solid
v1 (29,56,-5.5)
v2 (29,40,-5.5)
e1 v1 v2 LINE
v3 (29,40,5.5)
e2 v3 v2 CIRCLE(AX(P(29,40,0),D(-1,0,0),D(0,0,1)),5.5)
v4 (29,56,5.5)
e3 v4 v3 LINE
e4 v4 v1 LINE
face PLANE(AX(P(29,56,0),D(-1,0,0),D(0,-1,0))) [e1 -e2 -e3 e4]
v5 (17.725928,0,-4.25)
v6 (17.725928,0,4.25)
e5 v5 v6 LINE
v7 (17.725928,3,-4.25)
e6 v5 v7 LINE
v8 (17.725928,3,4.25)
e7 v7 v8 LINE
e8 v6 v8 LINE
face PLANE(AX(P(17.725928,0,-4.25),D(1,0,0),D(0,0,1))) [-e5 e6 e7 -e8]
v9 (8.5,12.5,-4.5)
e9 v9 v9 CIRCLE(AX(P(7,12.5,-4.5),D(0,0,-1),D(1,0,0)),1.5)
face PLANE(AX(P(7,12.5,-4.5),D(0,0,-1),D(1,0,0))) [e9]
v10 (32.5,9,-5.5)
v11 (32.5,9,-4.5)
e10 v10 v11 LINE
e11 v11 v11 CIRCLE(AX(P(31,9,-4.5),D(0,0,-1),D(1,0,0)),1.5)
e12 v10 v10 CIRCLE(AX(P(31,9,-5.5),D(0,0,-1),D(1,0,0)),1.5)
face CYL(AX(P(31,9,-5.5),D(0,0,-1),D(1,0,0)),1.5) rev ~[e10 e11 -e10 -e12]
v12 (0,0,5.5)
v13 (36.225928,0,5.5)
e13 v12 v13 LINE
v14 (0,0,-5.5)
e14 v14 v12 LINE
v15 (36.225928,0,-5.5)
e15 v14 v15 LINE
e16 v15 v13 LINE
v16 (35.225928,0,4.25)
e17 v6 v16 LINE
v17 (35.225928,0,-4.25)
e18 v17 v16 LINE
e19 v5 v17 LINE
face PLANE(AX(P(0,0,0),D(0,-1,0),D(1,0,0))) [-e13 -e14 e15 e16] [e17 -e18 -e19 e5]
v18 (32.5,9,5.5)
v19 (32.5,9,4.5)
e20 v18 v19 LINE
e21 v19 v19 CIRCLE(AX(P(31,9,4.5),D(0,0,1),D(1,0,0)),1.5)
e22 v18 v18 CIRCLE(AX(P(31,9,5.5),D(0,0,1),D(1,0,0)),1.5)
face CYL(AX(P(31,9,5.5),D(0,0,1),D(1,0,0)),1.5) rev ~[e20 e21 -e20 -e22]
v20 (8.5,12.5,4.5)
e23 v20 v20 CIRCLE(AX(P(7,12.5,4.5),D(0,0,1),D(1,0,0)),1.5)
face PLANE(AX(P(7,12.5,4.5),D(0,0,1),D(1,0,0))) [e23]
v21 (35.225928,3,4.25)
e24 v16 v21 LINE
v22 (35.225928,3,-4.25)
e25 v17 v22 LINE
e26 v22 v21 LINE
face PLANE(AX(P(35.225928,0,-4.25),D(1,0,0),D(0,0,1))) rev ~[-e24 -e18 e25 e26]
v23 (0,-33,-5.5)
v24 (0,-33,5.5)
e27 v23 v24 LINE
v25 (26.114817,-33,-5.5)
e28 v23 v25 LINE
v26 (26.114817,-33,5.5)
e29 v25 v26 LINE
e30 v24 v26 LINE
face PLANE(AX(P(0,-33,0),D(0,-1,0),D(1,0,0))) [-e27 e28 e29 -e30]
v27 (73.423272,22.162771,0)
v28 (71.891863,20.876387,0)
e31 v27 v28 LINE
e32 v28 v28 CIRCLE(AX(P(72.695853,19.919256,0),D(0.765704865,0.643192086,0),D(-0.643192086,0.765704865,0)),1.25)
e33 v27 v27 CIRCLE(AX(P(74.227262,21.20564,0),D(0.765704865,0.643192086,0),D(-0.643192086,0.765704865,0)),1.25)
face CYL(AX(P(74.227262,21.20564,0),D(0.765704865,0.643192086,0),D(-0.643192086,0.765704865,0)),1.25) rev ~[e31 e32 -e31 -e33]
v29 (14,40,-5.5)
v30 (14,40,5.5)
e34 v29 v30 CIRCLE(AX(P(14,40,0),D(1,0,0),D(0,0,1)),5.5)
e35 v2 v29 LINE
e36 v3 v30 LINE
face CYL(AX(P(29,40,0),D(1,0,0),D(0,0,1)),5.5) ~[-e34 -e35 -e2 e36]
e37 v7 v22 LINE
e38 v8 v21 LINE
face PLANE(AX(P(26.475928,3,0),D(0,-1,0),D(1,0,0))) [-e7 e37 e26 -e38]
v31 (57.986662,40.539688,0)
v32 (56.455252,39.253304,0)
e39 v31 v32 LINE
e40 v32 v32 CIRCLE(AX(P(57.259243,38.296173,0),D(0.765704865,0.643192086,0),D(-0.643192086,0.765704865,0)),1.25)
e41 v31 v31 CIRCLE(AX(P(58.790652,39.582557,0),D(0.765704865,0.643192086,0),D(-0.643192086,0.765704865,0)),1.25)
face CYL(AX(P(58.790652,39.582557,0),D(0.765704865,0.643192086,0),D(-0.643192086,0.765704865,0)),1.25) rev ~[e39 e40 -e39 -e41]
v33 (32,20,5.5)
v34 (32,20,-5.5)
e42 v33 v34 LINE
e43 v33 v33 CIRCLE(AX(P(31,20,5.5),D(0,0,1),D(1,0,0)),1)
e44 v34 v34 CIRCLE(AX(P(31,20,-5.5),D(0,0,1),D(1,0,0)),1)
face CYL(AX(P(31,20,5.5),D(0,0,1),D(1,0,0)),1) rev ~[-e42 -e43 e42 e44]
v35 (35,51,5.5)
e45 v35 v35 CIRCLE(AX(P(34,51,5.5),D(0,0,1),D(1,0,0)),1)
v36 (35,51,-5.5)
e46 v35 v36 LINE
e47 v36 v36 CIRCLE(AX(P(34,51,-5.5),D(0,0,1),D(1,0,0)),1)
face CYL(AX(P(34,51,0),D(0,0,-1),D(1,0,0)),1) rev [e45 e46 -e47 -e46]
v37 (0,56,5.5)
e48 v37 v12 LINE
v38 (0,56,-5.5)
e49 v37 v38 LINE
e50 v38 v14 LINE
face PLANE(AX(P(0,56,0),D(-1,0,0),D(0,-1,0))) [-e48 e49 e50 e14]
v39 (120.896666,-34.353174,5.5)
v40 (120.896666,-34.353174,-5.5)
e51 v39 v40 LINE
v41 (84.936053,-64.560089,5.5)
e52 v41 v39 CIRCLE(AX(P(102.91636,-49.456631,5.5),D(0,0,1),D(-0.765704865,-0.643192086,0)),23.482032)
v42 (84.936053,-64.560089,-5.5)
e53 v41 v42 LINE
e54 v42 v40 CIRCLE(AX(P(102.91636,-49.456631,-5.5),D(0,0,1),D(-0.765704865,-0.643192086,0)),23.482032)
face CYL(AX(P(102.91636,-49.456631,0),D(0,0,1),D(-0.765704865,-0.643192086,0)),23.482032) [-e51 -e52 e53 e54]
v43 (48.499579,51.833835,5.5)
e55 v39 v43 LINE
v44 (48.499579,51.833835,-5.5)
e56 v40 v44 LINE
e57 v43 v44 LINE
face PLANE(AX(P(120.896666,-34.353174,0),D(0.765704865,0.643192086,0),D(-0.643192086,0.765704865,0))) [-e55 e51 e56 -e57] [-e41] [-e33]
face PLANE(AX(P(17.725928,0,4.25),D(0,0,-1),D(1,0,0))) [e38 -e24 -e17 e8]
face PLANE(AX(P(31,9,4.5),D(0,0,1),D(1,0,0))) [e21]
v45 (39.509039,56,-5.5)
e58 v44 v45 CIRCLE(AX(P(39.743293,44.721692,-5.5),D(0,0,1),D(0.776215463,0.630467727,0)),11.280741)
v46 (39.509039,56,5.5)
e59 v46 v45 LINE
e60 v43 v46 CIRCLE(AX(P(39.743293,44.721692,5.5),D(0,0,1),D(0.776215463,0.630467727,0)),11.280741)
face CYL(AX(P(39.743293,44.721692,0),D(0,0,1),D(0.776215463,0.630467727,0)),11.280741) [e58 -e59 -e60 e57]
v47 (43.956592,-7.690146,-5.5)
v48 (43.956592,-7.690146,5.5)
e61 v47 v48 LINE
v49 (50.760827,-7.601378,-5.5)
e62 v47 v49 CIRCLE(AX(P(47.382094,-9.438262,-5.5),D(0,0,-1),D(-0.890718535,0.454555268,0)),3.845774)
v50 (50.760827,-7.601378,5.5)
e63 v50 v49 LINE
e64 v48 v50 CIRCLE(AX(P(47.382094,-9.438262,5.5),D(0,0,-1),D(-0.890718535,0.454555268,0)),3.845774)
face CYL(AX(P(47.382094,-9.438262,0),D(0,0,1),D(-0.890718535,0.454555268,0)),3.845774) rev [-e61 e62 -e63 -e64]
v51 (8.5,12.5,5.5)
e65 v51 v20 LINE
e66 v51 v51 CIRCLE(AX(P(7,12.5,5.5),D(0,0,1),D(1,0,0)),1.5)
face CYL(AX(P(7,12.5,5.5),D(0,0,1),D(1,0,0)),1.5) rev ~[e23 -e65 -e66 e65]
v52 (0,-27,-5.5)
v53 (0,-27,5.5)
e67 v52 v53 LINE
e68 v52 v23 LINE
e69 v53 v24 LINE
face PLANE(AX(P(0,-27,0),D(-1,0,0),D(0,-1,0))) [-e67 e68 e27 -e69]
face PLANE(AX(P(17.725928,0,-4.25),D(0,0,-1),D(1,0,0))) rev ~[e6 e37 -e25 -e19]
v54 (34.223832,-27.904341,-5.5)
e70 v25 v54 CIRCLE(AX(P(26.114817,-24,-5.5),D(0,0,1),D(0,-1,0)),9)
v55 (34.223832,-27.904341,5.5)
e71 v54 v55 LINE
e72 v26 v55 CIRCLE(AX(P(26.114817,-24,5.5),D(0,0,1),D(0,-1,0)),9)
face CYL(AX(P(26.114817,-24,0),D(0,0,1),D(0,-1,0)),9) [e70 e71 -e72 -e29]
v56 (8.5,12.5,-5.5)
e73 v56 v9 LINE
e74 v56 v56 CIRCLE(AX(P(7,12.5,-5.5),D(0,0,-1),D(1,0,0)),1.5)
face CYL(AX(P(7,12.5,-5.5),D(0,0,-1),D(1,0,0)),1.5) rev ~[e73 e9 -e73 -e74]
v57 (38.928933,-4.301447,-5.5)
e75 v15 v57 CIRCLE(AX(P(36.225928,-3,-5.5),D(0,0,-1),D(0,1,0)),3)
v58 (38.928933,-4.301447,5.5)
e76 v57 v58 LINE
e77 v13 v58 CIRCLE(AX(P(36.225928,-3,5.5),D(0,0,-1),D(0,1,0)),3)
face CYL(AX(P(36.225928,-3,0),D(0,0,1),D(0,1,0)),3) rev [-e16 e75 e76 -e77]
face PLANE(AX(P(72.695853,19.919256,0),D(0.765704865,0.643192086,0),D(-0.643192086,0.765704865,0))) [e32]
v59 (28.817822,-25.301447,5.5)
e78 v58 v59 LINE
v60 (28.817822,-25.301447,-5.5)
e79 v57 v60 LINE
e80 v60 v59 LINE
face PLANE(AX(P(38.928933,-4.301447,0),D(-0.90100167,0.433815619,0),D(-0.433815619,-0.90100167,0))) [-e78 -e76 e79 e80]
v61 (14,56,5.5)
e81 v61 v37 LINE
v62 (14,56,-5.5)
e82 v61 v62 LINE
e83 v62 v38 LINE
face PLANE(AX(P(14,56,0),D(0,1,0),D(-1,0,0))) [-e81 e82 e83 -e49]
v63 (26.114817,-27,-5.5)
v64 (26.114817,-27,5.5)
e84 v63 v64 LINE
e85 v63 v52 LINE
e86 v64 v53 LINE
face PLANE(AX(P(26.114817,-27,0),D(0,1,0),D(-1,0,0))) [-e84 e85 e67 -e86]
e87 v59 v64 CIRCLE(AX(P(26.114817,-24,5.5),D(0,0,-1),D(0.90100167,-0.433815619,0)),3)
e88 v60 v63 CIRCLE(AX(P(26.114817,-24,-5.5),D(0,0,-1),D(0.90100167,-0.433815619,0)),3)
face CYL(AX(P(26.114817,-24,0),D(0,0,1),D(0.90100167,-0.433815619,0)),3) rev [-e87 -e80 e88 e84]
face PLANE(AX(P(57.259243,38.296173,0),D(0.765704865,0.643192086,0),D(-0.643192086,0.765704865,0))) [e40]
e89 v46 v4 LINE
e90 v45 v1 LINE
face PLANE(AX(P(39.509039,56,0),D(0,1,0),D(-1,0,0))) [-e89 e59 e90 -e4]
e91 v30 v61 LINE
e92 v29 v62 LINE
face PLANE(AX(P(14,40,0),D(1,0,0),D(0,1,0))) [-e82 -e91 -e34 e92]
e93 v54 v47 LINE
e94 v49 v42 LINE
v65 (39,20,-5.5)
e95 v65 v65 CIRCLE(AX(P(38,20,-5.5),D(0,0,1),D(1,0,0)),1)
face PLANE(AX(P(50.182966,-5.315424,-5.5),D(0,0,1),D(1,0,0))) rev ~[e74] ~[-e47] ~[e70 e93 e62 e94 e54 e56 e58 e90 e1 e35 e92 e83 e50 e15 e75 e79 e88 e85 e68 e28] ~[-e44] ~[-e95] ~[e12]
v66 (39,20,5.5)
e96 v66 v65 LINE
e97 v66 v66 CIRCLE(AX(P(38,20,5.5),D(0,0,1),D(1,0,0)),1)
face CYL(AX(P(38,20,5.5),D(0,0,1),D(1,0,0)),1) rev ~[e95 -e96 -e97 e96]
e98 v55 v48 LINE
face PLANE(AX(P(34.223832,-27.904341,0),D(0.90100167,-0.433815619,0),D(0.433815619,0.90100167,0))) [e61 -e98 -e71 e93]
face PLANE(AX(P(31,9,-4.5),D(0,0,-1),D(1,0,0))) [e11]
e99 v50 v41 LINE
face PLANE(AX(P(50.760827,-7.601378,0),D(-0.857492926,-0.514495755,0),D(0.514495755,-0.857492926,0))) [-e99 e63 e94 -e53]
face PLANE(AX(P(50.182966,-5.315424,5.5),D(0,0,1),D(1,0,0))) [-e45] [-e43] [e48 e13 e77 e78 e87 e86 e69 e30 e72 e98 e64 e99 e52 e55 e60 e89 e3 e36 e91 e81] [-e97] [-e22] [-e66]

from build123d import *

# Parameters (mm, degrees)
F0_R      = 1
F1_DEPTH  = 5.5
F3_DEPTH  = 25
F4_R      = 1
F5_DEPTH  = 11.001
F6_W      = 17.5
F6_H      = 8.5
F7_DEPTH  = 3
F8_R      = 1.25
F9_DEPTH  = 2
F10_R     = 1.5
F11_DEPTH = 1
F12_R     = 1.5
F13_DEPTH = 1


with BuildPart() as f1:
    # F0 (on Top) → F1 (new body, symmetric)
    with BuildSketch(Plane.XY):
        with BuildLine():
            Line((0, 56), (0, 0))
            Line((0, 0), (36.2259279858, 0))
            ThreePointArc((36.2259279858, 0), (38.7660402441, -1.4038077448), (38.9289329951, -4.3014468563))
            Line((38.9289329951, -4.3014468563), (28.817821884, -25.3014468563))
            ThreePointArc((28.817821884, -25.3014468563), (27.7110091299, -26.5401122582), (26.1148168747, -27))
            Line((26.1148168747, -27), (0, -27))
            Line((0, -27), (0, -33))
            Line((0, -33), (26.1148168747, -33))
            ThreePointArc((26.1148168747, -33), (30.9033936403, -31.6203367747), (34.2238319025, -27.904340569))
            Line((34.2238319025, -27.904340569), (43.9565924234, -7.690145641))
            ThreePointArc((43.9565924234, -7.690145641), (47.3319268627, -5.59281579), (50.7608266635, -7.6013777725))
            Line((50.7608266635, -7.6013777725), (84.9360533184, -64.560088864))
            ThreePointArc((84.9360533184, -64.560088864), (118.0198171676, -67.4369378944), (120.8966661979, -34.3531740452))
            Line((120.8966661979, -34.3531740452), (48.4995788875, 51.8338346577))
            ThreePointArc((48.4995788875, 51.8338346577), (44.4862343011, 54.9569066089), (39.5090393722, 56))
            Line((39.5090393722, 56), (29, 56))
            Line((29, 56), (29, 40))
            Line((29, 40), (14, 40))
            Line((14, 40), (14, 56))
            Line((14, 56), (0, 56))
        make_face()
        with Locations((34, 51)):
            Circle(F0_R, mode=Mode.SUBTRACT)
    extrude(amount=F1_DEPTH, both=True)

    # F2 (on face) → F3 (join)
    with BuildSketch(Plane(origin=(29, 0, 0), x_dir=(0, -1, 0), z_dir=(-1, 0, 0))):
        with BuildLine():
            ThreePointArc((-40, 5.5), (-45.5, 0), (-40, -5.5))
            Line((-40, -5.5), (-40, 5.5))
        make_face()
    extrude(amount=F3_DEPTH)

    # F4 (on face) → F5 (cut, through all)
    with BuildSketch(Plane.XY.offset(5.5)):
        with Locations((31, 20)):
            Circle(F4_R)
        with Locations((38, 20)):
            Circle(F4_R)
    extrude(amount=-F5_DEPTH, mode=Mode.SUBTRACT)

    # F6 (on face) → F7 (cut)
    with BuildSketch(Plane.XZ):
        with Locations((26.4759279858, 0)):
            Rectangle(F6_W, F6_H)
    extrude(amount=-F7_DEPTH, mode=Mode.SUBTRACT)

    # F8 (on face) → F9 (cut)
    with BuildSketch(Plane(origin=(53.9634146341, 45.3292682927, 0), x_dir=(-0.6431920864, 0.7657048648, 0), z_dir=(0.7657048648, 0.6431920864, 0))):
        with Locations((-31.5051259772, 0)):
            Circle(F8_R)
        with Locations((-7.5051259772, 0)):
            Circle(F8_R)
    extrude(amount=-F9_DEPTH, mode=Mode.SUBTRACT)

    # F10 (on face) → F11 (cut)
    with BuildSketch(Plane.XY.offset(5.5)):
        with Locations((7, 12.5)):
            Circle(F10_R)
        with Locations((31, 9)):
            Circle(F10_R)
    extrude(amount=-F11_DEPTH, mode=Mode.SUBTRACT)

    # F12 (on face) → F13 (cut)
    with BuildSketch(Plane(origin=(0, 0, -5.5), x_dir=(1, 0, 0), z_dir=(0, 0, -1))):
        with Locations((7, -12.5)):
            Circle(F12_R)
        with Locations((31, -9)):
            Circle(F12_R)
    extrude(amount=-F13_DEPTH, mode=Mode.SUBTRACT)


solid = f1.part
